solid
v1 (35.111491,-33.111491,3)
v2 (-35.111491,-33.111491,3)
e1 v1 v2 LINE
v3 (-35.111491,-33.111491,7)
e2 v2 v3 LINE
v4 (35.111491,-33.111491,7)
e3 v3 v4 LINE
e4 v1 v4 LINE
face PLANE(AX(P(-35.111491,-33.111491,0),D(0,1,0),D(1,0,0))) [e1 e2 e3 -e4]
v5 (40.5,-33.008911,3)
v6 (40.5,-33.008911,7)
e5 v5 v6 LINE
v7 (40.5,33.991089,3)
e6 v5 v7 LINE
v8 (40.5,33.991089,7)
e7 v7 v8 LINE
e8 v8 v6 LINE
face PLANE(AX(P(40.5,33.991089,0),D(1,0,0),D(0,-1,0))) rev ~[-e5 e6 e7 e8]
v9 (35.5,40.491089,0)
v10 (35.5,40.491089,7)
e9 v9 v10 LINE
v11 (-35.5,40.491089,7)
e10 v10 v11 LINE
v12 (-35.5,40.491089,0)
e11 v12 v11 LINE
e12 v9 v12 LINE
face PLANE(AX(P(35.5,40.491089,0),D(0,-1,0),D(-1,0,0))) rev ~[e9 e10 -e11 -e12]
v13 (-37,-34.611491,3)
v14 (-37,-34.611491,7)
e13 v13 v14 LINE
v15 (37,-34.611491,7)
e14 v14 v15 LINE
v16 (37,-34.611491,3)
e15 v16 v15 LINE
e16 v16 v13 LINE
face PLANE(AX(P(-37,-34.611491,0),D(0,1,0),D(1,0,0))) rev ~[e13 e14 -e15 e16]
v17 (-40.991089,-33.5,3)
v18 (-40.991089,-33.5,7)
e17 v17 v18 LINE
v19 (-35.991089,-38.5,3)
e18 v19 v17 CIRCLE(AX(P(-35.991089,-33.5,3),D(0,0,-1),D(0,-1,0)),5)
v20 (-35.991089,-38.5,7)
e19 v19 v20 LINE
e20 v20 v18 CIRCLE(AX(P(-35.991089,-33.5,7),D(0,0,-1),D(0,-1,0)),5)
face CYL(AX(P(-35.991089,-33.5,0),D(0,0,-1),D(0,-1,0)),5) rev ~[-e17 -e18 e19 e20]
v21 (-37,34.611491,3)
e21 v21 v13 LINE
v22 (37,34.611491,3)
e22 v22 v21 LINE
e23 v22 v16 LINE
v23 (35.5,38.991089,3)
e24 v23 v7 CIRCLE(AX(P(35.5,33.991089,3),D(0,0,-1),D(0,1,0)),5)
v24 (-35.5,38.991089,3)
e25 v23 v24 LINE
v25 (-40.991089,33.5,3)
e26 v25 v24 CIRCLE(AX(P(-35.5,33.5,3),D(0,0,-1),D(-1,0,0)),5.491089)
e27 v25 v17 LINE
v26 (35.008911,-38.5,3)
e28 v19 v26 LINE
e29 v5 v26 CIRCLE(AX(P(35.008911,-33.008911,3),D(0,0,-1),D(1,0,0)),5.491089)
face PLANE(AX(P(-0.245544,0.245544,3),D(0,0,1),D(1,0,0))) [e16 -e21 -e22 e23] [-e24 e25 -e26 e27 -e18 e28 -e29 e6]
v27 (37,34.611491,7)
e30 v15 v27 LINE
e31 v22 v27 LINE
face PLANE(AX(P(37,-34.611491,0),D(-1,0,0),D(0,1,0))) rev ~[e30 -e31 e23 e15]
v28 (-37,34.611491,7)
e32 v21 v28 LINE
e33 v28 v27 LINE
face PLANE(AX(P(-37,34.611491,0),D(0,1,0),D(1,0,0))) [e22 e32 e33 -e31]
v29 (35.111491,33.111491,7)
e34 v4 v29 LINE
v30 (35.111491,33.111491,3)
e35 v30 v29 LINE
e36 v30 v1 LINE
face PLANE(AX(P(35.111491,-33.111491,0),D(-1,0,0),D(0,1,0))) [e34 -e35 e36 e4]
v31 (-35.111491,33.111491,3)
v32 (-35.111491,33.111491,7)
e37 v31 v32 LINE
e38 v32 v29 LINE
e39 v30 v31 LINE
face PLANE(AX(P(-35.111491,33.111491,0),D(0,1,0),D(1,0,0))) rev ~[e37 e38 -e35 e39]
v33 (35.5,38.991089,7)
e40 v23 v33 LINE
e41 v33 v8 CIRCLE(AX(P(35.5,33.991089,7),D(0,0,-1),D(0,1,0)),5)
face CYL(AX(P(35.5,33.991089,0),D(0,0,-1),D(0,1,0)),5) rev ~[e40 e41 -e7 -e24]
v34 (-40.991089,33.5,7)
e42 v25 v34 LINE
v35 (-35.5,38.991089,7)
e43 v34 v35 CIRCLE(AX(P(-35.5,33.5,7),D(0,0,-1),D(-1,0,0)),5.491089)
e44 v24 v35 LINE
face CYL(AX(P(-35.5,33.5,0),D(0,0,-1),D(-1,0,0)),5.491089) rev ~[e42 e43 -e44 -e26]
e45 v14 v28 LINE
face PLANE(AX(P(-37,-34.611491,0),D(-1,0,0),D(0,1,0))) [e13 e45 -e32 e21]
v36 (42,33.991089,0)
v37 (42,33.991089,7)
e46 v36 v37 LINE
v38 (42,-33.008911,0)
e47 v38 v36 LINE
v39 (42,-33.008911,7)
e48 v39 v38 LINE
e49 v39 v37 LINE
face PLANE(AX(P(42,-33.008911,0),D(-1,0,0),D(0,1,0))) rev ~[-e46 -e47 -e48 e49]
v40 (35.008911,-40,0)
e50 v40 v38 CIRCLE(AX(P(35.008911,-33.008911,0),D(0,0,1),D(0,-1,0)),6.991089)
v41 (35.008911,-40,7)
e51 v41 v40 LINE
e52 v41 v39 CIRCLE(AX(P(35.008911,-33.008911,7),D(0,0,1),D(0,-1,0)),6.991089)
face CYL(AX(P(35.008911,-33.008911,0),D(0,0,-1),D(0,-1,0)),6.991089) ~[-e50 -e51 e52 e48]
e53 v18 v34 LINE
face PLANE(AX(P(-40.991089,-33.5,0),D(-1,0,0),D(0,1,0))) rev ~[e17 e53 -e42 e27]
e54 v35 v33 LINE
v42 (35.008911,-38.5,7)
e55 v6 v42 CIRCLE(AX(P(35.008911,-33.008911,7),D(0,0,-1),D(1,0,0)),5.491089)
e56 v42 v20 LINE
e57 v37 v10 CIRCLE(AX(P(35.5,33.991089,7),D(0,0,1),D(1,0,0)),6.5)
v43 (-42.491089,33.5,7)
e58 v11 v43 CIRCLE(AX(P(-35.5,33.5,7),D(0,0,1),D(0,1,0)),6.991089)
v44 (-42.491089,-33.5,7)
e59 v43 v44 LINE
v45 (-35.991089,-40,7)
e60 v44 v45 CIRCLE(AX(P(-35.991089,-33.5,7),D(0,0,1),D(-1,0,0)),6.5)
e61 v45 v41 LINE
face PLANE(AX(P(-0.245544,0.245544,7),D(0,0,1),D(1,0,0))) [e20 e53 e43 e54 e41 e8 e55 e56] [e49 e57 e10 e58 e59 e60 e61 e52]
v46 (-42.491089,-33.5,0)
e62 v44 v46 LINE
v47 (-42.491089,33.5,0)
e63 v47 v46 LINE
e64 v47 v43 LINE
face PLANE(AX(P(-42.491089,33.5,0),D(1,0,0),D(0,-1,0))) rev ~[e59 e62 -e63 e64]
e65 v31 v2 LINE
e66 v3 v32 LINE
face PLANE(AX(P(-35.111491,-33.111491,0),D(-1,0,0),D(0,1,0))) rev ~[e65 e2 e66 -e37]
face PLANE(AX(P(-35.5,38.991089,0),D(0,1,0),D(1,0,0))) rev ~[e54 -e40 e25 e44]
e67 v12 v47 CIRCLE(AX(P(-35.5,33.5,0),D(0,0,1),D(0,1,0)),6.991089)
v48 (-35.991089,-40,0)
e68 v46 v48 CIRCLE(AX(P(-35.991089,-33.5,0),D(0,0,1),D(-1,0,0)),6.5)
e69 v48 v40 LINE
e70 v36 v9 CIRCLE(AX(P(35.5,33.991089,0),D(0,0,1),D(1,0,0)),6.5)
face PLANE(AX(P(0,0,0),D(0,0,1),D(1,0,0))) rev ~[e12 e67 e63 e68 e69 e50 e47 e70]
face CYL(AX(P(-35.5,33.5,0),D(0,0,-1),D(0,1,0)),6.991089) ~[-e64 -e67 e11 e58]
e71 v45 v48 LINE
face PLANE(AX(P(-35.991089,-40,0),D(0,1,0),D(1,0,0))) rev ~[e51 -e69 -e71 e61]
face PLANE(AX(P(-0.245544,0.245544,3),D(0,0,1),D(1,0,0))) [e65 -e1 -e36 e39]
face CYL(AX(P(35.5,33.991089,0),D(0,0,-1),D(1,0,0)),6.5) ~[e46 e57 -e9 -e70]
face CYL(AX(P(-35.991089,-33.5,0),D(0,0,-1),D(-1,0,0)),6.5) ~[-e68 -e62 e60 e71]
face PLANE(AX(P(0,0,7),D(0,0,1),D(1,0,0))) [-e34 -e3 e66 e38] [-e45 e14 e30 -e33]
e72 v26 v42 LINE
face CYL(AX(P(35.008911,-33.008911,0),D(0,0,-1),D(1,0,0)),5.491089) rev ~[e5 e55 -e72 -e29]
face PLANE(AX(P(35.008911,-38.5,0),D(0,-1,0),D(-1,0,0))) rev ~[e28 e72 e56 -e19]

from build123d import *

# Parameters (mm, degrees)
F0_W     = 74
F0_H     = 69.2229812741
F0_W_2   = 70.2229812741
F0_H_2   = 66.2229812741
F1_DEPTH = 3
F2_DEPTH = 7
F3_DEPTH = 7


with BuildPart() as f1:
    # F0 (on Top) → F1 (new body)
    with BuildSketch(Plane.XY):
        with BuildLine():
            Line((42, -33.0089111648), (42, 33.9910888352))
            ThreePointArc((42, 33.9910888352), (40.0961940777, 38.587282913), (35.5, 40.4910888352))
            Line((35.5, 40.4910888352), (-35.5, 40.4910888352))
            ThreePointArc((-35.5, 40.4910888352), (-40.4434463233, 38.4434463233), (-42.4910888352, 33.5))
            Line((-42.4910888352, 33.5), (-42.4910888352, -33.5))
            ThreePointArc((-42.4910888352, -33.5), (-40.587282913, -38.0961940777), (-35.9910888352, -40))
            Line((-35.9910888352, -40), (35.0089111648, -40))
            ThreePointArc((35.0089111648, -40), (39.952357488, -37.952357488), (42, -33.0089111648))
        make_face()
        with BuildLine():
            ThreePointArc((-40.9910888352, 33.5), (-39.3827861515, 37.3827861515), (-35.5, 38.9910888352))
            Line((-35.5, 38.9910888352), (35.5, 38.9910888352))
            ThreePointArc((35.5, 38.9910888352), (39.0355339059, 37.5266227412), (40.5, 33.9910888352))
            Line((40.5, 33.9910888352), (40.5, -33.0089111648))
            ThreePointArc((40.5, -33.0089111648), (38.8916973163, -36.8916973163), (35.0089111648, -38.5))
            Line((35.0089111648, -38.5), (-35.9910888352, -38.5))
            ThreePointArc((-35.9910888352, -38.5), (-39.5266227412, -37.0355339059), (-40.9910888352, -33.5))
            Line((-40.9910888352, -33.5), (-40.9910888352, 33.5))
        make_face(mode=Mode.SUBTRACT)
        with BuildLine():
            Line((35.5, 38.9910888352), (-35.5, 38.9910888352))
            ThreePointArc((-35.5, 38.9910888352), (-39.3827861515, 37.3827861515), (-40.9910888352, 33.5))
            Line((-40.9910888352, 33.5), (-40.9910888352, -33.5))
            ThreePointArc((-40.9910888352, -33.5), (-39.5266227412, -37.0355339059), (-35.9910888352, -38.5))
            Line((-35.9910888352, -38.5), (35.0089111648, -38.5))
            ThreePointArc((35.0089111648, -38.5), (38.8916973163, -36.8916973163), (40.5, -33.0089111648))
            Line((40.5, -33.0089111648), (40.5, 33.9910888352))
            ThreePointArc((40.5, 33.9910888352), (39.0355339059, 37.5266227412), (35.5, 38.9910888352))
        make_face()
        Rectangle(F0_W, F0_H, mode=Mode.SUBTRACT)
        Rectangle(F0_W, F0_H)
        Rectangle(F0_W_2, F0_H_2, mode=Mode.SUBTRACT)
        Rectangle(F0_W_2, F0_H_2)
    extrude(amount=F1_DEPTH)

    # F0 (on Top) → F2 (join)
    with BuildSketch(Plane.XY):
        with BuildLine():
            Line((42, -33.0089111648), (42, 33.9910888352))
            ThreePointArc((42, 33.9910888352), (40.0961940777, 38.587282913), (35.5, 40.4910888352))
            Line((35.5, 40.4910888352), (-35.5, 40.4910888352))
            ThreePointArc((-35.5, 40.4910888352), (-40.4434463233, 38.4434463233), (-42.4910888352, 33.5))
            Line((-42.4910888352, 33.5), (-42.4910888352, -33.5))
            ThreePointArc((-42.4910888352, -33.5), (-40.587282913, -38.0961940777), (-35.9910888352, -40))
            Line((-35.9910888352, -40), (35.0089111648, -40))
            ThreePointArc((35.0089111648, -40), (39.952357488, -37.952357488), (42, -33.0089111648))
        make_face()
        with BuildLine():
            ThreePointArc((-40.9910888352, 33.5), (-39.3827861515, 37.3827861515), (-35.5, 38.9910888352))
            Line((-35.5, 38.9910888352), (35.5, 38.9910888352))
            ThreePointArc((35.5, 38.9910888352), (39.0355339059, 37.5266227412), (40.5, 33.9910888352))
            Line((40.5, 33.9910888352), (40.5, -33.0089111648))
            ThreePointArc((40.5, -33.0089111648), (38.8916973163, -36.8916973163), (35.0089111648, -38.5))
            Line((35.0089111648, -38.5), (-35.9910888352, -38.5))
            ThreePointArc((-35.9910888352, -38.5), (-39.5266227412, -37.0355339059), (-40.9910888352, -33.5))
            Line((-40.9910888352, -33.5), (-40.9910888352, 33.5))
        make_face(mode=Mode.SUBTRACT)
    extrude(amount=F2_DEPTH)

    # F0 (on Top) → F3 (join)
    with BuildSketch(Plane.XY):
        Rectangle(F0_W, F0_H)
        Rectangle(F0_W_2, F0_H_2, mode=Mode.SUBTRACT)
    extrude(amount=F3_DEPTH)


solid = f1.part
